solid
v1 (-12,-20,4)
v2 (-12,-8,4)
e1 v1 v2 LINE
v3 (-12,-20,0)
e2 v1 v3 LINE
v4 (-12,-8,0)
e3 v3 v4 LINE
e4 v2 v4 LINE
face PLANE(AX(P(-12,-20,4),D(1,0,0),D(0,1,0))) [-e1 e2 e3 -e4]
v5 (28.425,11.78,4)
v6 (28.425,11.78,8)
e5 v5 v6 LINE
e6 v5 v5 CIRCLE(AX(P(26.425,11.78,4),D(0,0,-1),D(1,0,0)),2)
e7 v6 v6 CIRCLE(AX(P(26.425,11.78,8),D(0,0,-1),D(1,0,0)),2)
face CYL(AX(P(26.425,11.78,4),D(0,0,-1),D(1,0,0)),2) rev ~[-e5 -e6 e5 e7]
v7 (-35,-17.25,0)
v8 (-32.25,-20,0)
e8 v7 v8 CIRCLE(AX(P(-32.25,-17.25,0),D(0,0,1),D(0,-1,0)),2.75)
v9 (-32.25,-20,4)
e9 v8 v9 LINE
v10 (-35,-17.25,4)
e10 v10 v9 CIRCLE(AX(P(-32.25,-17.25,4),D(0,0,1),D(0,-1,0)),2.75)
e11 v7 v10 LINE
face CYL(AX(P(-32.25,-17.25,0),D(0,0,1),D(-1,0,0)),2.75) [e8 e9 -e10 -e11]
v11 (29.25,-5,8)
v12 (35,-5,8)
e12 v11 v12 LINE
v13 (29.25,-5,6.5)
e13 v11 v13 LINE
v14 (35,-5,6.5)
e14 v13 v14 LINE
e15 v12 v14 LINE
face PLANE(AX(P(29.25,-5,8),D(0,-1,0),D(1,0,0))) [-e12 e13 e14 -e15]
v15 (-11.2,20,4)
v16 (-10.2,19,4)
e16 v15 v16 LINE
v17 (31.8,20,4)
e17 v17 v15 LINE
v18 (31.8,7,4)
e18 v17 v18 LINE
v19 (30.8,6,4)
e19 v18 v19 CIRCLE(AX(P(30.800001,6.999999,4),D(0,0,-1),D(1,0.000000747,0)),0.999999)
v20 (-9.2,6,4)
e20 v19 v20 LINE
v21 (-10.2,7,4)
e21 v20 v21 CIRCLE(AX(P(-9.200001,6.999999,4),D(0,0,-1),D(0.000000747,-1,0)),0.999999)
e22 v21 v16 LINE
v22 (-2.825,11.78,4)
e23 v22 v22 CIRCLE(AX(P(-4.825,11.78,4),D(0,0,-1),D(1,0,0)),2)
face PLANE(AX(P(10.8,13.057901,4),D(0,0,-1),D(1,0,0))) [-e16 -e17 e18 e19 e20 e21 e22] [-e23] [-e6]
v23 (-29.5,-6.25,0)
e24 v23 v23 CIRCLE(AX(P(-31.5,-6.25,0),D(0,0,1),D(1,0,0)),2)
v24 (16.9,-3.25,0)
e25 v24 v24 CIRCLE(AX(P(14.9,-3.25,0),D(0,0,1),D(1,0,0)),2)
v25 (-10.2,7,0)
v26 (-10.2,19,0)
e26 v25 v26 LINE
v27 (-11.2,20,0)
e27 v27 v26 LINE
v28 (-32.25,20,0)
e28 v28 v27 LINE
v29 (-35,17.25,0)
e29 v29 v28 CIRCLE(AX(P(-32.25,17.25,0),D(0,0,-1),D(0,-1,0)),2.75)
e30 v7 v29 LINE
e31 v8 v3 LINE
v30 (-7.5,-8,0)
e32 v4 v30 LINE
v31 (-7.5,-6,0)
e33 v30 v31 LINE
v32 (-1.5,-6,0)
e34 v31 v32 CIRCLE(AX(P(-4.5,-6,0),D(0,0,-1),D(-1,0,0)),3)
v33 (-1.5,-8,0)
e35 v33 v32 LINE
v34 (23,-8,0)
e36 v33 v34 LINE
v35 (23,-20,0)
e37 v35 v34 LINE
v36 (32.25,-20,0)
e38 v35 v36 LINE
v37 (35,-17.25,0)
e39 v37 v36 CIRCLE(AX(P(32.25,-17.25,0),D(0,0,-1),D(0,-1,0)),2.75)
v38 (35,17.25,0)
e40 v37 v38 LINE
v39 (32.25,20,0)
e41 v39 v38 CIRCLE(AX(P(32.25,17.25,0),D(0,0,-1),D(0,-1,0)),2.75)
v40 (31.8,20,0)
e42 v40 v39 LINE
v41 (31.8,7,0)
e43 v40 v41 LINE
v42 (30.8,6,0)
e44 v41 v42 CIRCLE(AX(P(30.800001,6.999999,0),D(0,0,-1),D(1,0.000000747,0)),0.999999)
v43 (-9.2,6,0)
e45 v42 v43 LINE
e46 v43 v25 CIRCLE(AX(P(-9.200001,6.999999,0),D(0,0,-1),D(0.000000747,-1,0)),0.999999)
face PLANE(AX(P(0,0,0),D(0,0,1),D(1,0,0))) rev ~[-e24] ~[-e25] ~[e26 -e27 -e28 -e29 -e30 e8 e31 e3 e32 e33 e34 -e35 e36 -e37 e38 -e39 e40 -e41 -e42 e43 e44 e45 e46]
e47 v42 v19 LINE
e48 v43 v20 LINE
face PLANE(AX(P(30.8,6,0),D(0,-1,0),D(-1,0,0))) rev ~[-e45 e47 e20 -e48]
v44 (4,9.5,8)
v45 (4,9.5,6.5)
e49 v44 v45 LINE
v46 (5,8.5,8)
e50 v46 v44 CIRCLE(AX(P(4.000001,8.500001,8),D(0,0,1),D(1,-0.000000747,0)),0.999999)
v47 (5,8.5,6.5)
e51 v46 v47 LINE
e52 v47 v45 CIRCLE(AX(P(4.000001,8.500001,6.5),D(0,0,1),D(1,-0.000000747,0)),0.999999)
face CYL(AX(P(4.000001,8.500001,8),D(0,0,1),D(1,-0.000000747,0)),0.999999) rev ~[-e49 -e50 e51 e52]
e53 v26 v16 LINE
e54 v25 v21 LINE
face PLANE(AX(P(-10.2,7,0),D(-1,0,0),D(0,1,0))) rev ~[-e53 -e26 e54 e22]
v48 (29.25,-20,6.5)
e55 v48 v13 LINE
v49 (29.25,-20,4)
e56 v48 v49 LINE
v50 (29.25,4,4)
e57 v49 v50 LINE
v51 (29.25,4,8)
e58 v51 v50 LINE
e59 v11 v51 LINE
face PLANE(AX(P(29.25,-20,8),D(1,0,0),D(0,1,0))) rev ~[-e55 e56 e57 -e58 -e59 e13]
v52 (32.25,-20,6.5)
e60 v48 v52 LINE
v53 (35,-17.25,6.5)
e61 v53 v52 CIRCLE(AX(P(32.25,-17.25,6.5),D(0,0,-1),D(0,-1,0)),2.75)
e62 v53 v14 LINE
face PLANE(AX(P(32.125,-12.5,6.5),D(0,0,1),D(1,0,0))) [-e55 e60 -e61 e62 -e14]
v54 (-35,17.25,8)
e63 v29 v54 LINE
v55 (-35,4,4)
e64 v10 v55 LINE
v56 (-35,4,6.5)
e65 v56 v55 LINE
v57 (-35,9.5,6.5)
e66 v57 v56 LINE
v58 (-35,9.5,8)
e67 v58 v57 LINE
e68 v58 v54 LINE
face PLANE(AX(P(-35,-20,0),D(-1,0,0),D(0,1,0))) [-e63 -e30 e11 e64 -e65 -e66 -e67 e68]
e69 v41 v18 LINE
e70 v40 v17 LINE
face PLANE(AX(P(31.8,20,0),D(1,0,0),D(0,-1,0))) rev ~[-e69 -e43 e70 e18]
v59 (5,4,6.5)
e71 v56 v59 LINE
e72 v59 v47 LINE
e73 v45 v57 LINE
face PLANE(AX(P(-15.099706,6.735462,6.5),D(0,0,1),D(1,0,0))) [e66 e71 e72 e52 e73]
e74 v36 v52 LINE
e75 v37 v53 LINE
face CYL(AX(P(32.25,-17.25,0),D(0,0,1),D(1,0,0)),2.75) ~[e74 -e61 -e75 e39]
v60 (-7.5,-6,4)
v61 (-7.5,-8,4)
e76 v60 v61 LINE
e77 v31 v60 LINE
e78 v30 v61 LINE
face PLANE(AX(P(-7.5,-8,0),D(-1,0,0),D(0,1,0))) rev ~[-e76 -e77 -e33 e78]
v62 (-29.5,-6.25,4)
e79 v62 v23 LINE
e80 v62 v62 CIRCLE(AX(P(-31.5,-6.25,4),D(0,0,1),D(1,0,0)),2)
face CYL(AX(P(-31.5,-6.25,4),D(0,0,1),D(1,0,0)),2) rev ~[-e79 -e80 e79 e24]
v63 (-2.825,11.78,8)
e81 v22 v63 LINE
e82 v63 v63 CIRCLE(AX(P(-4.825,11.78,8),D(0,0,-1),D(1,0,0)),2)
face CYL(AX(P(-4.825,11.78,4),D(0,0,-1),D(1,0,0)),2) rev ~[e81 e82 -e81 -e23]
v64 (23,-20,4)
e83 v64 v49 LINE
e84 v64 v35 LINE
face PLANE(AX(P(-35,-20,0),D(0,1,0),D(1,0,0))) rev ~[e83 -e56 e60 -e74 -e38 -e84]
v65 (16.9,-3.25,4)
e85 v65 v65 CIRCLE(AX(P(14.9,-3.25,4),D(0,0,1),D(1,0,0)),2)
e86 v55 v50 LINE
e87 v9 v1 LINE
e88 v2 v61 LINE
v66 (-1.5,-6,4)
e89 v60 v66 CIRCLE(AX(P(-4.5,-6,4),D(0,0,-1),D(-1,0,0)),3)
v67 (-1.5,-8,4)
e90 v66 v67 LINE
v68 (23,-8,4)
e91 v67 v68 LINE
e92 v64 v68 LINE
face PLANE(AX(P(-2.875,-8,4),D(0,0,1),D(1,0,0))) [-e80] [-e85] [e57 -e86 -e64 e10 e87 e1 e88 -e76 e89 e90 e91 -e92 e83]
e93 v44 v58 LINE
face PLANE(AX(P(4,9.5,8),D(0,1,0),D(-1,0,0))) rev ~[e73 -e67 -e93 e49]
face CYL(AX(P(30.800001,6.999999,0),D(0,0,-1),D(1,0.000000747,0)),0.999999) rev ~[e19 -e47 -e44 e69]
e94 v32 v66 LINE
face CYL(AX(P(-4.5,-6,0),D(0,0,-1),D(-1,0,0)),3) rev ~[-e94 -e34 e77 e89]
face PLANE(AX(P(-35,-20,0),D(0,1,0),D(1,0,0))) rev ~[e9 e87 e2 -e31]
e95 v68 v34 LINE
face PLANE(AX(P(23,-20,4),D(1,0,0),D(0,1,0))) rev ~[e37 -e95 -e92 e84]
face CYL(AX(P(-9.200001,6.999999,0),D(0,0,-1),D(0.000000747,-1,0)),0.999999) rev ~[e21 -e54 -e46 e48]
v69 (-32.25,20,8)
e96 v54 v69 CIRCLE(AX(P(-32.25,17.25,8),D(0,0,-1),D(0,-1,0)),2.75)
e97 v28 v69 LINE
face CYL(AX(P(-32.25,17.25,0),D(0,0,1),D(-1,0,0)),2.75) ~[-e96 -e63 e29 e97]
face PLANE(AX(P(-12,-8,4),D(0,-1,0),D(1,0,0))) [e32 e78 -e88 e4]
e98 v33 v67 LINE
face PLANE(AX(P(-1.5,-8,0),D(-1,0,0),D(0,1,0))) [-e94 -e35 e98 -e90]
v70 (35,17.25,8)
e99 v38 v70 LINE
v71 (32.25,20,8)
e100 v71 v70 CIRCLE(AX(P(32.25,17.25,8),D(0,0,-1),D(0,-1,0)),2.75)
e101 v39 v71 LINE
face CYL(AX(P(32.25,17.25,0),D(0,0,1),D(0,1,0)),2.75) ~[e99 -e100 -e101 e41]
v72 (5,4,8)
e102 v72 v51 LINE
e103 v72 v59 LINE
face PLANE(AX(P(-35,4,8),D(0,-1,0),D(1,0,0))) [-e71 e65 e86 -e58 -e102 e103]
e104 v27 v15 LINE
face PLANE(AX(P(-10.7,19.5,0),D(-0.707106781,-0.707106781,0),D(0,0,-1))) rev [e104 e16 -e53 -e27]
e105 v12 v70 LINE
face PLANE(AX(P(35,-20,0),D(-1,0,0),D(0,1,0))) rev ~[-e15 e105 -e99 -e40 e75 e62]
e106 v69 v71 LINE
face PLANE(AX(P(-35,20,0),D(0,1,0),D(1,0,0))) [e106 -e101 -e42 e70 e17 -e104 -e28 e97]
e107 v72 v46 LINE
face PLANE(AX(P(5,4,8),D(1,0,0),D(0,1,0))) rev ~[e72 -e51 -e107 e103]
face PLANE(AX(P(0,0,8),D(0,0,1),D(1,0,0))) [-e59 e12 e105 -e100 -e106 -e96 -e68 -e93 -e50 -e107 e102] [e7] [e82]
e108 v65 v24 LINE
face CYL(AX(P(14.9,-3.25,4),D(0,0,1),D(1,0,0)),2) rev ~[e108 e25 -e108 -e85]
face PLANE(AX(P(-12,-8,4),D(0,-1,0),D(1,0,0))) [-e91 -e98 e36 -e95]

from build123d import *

# Parameters (mm, degrees)
SKETCH_W             = 70
SKETCH_H             = 40
PAD_DEPTH            = 8
POCKET_DEPTH         = 4
SKETCH002_R          = 2
POCKET001_DEPTH      = 4.001
SKETCH003_W          = 64.25
SKETCH003_H          = 24
POCKET002_DEPTH      = 4
SKETCH004_R          = 2
POCKET003_DEPTH      = 4
SKETCH005_W          = 35
SKETCH005_H          = 12
POCKET004_DEPTH      = 4
POCKET005_DEPTH      = 8.001
SKETCH009_W          = 5.75
SKETCH009_H          = 15
POCKET006_DEPTH      = 1.5
FILLET_R             = 2.75
CHAMFER_SIZE         = 1
BODY_PLACEMENT_ANGLE = 90


with BuildPart() as part:
    # Sketch → Pad (new body)
    with BuildSketch(Plane.XZ):
        Rectangle(SKETCH_W, SKETCH_H)
    extrude(amount=PAD_DEPTH)

    # Sketch001 (on Face5 of Pad) → Pocket (cut)
    with BuildSketch(Plane(origin=(0, 0, 0), x_dir=(1, 0, 0), z_dir=(0, 1, 0))):
        with BuildLine():
            Line((31.8, -20), (31.8, -7))
            ThreePointArc((31.8, -7), (31.507107, -6.292893), (30.8, -6))
            Line((30.8, -6), (-9.2, -6))
            ThreePointArc((-9.2, -6), (-9.907107, -6.292893), (-10.2, -7))
            Line((-10.2, -7), (-10.2, -20))
            Line((-10.2, -20), (31.8, -20))
        make_face()
    extrude(amount=-POCKET_DEPTH, mode=Mode.SUBTRACT)

    # Sketch002 (on Face7 of Pocket) → Pocket001 (cut, through all)
    with BuildSketch(Plane(origin=(0, -4, 0), x_dir=(1, 0, 0), z_dir=(0, 1, 0))):
        with Locations((-4.825, -11.78)):
            Circle(SKETCH002_R)
        with Locations((26.425, -11.78)):
            Circle(SKETCH002_R)
    extrude(amount=-POCKET001_DEPTH, mode=Mode.SUBTRACT)

    # Sketch003 (on Face5 of Pocket001) → Pocket002 (cut)
    with BuildSketch(Plane.XZ.offset(8)):
        with Locations((-2.875, -8)):
            Rectangle(SKETCH003_W, SKETCH003_H)
    extrude(amount=-POCKET002_DEPTH, mode=Mode.SUBTRACT)

    # Sketch004 (on Face4 of Pocket002) → Pocket003 (cut)
    with BuildSketch(Plane.XZ.offset(4)):
        with Locations((14.9, -3.25)):
            Circle(SKETCH004_R)
        with Locations((-31.5, -6.25)):
            Circle(SKETCH004_R)
    extrude(amount=-POCKET003_DEPTH, mode=Mode.SUBTRACT)

    # Sketch005 (on Face4 of Pocket003) → Pocket004 (cut)
    with BuildSketch(Plane.XZ.offset(4)):
        with Locations((5.5, -14)):
            Rectangle(SKETCH005_W, SKETCH005_H)
    extrude(amount=-POCKET004_DEPTH, mode=Mode.SUBTRACT)

    # Sketch008 (on Face2 of Pocket004) → Pocket005 (cut, through all)
    with BuildSketch(Plane(origin=(0, 0, 0), x_dir=(1, 0, 0), z_dir=(0, 1, 0))):
        with BuildLine():
            ThreePointArc((-7.5, 6), (-4.5, 3), (-1.5, 6))
            Line((-1.5, 8), (-1.5, 6))
            Line((-7.5, 8), (-1.5, 8))
            Line((-7.5, 8), (-7.5, 6))
        make_face()
    extrude(amount=-POCKET005_DEPTH, mode=Mode.SUBTRACT)

    # Sketch009 (on Face6 of Pocket005) → Pocket006 (cut)
    with BuildSketch(Plane.XZ.offset(8)):
        with BuildLine():
            Line((-35, 4), (5, 4))
            Line((5, 4), (5, 8.5))
            ThreePointArc((5, 8.5), (4.707107, 9.207107), (4, 9.5))
            Line((4, 9.5), (-35, 9.5))
            Line((-35, 9.5), (-35, 4))
        make_face()
        with Locations((32.125, -12.5)):
            Rectangle(SKETCH009_W, SKETCH009_H)
    extrude(amount=-POCKET006_DEPTH, mode=Mode.SUBTRACT)

    # Fillet
    fillet_edges = [part.edges().sort_by_distance(p)[0] for p in [
        (35, -4, 20),
        (-35, -4, 20),
        (35, -3.25, -20),
        (-35, -2, -20),
    ]]
    fillet(fillet_edges, radius=FILLET_R)

    # Chamfer
    chamfer_edges = [part.edges().sort_by_distance(p)[0] for p in [
        (-10.2, -2, 20),
    ]]
    chamfer(chamfer_edges, length=CHAMFER_SIZE)


with BuildPart() as part_1:
    # Body placement: moved
    add(part.part.rotate(Axis((0, 0, 0), (-1, 0, 0)), BODY_PLACEMENT_ANGLE))


solid = part_1.part
